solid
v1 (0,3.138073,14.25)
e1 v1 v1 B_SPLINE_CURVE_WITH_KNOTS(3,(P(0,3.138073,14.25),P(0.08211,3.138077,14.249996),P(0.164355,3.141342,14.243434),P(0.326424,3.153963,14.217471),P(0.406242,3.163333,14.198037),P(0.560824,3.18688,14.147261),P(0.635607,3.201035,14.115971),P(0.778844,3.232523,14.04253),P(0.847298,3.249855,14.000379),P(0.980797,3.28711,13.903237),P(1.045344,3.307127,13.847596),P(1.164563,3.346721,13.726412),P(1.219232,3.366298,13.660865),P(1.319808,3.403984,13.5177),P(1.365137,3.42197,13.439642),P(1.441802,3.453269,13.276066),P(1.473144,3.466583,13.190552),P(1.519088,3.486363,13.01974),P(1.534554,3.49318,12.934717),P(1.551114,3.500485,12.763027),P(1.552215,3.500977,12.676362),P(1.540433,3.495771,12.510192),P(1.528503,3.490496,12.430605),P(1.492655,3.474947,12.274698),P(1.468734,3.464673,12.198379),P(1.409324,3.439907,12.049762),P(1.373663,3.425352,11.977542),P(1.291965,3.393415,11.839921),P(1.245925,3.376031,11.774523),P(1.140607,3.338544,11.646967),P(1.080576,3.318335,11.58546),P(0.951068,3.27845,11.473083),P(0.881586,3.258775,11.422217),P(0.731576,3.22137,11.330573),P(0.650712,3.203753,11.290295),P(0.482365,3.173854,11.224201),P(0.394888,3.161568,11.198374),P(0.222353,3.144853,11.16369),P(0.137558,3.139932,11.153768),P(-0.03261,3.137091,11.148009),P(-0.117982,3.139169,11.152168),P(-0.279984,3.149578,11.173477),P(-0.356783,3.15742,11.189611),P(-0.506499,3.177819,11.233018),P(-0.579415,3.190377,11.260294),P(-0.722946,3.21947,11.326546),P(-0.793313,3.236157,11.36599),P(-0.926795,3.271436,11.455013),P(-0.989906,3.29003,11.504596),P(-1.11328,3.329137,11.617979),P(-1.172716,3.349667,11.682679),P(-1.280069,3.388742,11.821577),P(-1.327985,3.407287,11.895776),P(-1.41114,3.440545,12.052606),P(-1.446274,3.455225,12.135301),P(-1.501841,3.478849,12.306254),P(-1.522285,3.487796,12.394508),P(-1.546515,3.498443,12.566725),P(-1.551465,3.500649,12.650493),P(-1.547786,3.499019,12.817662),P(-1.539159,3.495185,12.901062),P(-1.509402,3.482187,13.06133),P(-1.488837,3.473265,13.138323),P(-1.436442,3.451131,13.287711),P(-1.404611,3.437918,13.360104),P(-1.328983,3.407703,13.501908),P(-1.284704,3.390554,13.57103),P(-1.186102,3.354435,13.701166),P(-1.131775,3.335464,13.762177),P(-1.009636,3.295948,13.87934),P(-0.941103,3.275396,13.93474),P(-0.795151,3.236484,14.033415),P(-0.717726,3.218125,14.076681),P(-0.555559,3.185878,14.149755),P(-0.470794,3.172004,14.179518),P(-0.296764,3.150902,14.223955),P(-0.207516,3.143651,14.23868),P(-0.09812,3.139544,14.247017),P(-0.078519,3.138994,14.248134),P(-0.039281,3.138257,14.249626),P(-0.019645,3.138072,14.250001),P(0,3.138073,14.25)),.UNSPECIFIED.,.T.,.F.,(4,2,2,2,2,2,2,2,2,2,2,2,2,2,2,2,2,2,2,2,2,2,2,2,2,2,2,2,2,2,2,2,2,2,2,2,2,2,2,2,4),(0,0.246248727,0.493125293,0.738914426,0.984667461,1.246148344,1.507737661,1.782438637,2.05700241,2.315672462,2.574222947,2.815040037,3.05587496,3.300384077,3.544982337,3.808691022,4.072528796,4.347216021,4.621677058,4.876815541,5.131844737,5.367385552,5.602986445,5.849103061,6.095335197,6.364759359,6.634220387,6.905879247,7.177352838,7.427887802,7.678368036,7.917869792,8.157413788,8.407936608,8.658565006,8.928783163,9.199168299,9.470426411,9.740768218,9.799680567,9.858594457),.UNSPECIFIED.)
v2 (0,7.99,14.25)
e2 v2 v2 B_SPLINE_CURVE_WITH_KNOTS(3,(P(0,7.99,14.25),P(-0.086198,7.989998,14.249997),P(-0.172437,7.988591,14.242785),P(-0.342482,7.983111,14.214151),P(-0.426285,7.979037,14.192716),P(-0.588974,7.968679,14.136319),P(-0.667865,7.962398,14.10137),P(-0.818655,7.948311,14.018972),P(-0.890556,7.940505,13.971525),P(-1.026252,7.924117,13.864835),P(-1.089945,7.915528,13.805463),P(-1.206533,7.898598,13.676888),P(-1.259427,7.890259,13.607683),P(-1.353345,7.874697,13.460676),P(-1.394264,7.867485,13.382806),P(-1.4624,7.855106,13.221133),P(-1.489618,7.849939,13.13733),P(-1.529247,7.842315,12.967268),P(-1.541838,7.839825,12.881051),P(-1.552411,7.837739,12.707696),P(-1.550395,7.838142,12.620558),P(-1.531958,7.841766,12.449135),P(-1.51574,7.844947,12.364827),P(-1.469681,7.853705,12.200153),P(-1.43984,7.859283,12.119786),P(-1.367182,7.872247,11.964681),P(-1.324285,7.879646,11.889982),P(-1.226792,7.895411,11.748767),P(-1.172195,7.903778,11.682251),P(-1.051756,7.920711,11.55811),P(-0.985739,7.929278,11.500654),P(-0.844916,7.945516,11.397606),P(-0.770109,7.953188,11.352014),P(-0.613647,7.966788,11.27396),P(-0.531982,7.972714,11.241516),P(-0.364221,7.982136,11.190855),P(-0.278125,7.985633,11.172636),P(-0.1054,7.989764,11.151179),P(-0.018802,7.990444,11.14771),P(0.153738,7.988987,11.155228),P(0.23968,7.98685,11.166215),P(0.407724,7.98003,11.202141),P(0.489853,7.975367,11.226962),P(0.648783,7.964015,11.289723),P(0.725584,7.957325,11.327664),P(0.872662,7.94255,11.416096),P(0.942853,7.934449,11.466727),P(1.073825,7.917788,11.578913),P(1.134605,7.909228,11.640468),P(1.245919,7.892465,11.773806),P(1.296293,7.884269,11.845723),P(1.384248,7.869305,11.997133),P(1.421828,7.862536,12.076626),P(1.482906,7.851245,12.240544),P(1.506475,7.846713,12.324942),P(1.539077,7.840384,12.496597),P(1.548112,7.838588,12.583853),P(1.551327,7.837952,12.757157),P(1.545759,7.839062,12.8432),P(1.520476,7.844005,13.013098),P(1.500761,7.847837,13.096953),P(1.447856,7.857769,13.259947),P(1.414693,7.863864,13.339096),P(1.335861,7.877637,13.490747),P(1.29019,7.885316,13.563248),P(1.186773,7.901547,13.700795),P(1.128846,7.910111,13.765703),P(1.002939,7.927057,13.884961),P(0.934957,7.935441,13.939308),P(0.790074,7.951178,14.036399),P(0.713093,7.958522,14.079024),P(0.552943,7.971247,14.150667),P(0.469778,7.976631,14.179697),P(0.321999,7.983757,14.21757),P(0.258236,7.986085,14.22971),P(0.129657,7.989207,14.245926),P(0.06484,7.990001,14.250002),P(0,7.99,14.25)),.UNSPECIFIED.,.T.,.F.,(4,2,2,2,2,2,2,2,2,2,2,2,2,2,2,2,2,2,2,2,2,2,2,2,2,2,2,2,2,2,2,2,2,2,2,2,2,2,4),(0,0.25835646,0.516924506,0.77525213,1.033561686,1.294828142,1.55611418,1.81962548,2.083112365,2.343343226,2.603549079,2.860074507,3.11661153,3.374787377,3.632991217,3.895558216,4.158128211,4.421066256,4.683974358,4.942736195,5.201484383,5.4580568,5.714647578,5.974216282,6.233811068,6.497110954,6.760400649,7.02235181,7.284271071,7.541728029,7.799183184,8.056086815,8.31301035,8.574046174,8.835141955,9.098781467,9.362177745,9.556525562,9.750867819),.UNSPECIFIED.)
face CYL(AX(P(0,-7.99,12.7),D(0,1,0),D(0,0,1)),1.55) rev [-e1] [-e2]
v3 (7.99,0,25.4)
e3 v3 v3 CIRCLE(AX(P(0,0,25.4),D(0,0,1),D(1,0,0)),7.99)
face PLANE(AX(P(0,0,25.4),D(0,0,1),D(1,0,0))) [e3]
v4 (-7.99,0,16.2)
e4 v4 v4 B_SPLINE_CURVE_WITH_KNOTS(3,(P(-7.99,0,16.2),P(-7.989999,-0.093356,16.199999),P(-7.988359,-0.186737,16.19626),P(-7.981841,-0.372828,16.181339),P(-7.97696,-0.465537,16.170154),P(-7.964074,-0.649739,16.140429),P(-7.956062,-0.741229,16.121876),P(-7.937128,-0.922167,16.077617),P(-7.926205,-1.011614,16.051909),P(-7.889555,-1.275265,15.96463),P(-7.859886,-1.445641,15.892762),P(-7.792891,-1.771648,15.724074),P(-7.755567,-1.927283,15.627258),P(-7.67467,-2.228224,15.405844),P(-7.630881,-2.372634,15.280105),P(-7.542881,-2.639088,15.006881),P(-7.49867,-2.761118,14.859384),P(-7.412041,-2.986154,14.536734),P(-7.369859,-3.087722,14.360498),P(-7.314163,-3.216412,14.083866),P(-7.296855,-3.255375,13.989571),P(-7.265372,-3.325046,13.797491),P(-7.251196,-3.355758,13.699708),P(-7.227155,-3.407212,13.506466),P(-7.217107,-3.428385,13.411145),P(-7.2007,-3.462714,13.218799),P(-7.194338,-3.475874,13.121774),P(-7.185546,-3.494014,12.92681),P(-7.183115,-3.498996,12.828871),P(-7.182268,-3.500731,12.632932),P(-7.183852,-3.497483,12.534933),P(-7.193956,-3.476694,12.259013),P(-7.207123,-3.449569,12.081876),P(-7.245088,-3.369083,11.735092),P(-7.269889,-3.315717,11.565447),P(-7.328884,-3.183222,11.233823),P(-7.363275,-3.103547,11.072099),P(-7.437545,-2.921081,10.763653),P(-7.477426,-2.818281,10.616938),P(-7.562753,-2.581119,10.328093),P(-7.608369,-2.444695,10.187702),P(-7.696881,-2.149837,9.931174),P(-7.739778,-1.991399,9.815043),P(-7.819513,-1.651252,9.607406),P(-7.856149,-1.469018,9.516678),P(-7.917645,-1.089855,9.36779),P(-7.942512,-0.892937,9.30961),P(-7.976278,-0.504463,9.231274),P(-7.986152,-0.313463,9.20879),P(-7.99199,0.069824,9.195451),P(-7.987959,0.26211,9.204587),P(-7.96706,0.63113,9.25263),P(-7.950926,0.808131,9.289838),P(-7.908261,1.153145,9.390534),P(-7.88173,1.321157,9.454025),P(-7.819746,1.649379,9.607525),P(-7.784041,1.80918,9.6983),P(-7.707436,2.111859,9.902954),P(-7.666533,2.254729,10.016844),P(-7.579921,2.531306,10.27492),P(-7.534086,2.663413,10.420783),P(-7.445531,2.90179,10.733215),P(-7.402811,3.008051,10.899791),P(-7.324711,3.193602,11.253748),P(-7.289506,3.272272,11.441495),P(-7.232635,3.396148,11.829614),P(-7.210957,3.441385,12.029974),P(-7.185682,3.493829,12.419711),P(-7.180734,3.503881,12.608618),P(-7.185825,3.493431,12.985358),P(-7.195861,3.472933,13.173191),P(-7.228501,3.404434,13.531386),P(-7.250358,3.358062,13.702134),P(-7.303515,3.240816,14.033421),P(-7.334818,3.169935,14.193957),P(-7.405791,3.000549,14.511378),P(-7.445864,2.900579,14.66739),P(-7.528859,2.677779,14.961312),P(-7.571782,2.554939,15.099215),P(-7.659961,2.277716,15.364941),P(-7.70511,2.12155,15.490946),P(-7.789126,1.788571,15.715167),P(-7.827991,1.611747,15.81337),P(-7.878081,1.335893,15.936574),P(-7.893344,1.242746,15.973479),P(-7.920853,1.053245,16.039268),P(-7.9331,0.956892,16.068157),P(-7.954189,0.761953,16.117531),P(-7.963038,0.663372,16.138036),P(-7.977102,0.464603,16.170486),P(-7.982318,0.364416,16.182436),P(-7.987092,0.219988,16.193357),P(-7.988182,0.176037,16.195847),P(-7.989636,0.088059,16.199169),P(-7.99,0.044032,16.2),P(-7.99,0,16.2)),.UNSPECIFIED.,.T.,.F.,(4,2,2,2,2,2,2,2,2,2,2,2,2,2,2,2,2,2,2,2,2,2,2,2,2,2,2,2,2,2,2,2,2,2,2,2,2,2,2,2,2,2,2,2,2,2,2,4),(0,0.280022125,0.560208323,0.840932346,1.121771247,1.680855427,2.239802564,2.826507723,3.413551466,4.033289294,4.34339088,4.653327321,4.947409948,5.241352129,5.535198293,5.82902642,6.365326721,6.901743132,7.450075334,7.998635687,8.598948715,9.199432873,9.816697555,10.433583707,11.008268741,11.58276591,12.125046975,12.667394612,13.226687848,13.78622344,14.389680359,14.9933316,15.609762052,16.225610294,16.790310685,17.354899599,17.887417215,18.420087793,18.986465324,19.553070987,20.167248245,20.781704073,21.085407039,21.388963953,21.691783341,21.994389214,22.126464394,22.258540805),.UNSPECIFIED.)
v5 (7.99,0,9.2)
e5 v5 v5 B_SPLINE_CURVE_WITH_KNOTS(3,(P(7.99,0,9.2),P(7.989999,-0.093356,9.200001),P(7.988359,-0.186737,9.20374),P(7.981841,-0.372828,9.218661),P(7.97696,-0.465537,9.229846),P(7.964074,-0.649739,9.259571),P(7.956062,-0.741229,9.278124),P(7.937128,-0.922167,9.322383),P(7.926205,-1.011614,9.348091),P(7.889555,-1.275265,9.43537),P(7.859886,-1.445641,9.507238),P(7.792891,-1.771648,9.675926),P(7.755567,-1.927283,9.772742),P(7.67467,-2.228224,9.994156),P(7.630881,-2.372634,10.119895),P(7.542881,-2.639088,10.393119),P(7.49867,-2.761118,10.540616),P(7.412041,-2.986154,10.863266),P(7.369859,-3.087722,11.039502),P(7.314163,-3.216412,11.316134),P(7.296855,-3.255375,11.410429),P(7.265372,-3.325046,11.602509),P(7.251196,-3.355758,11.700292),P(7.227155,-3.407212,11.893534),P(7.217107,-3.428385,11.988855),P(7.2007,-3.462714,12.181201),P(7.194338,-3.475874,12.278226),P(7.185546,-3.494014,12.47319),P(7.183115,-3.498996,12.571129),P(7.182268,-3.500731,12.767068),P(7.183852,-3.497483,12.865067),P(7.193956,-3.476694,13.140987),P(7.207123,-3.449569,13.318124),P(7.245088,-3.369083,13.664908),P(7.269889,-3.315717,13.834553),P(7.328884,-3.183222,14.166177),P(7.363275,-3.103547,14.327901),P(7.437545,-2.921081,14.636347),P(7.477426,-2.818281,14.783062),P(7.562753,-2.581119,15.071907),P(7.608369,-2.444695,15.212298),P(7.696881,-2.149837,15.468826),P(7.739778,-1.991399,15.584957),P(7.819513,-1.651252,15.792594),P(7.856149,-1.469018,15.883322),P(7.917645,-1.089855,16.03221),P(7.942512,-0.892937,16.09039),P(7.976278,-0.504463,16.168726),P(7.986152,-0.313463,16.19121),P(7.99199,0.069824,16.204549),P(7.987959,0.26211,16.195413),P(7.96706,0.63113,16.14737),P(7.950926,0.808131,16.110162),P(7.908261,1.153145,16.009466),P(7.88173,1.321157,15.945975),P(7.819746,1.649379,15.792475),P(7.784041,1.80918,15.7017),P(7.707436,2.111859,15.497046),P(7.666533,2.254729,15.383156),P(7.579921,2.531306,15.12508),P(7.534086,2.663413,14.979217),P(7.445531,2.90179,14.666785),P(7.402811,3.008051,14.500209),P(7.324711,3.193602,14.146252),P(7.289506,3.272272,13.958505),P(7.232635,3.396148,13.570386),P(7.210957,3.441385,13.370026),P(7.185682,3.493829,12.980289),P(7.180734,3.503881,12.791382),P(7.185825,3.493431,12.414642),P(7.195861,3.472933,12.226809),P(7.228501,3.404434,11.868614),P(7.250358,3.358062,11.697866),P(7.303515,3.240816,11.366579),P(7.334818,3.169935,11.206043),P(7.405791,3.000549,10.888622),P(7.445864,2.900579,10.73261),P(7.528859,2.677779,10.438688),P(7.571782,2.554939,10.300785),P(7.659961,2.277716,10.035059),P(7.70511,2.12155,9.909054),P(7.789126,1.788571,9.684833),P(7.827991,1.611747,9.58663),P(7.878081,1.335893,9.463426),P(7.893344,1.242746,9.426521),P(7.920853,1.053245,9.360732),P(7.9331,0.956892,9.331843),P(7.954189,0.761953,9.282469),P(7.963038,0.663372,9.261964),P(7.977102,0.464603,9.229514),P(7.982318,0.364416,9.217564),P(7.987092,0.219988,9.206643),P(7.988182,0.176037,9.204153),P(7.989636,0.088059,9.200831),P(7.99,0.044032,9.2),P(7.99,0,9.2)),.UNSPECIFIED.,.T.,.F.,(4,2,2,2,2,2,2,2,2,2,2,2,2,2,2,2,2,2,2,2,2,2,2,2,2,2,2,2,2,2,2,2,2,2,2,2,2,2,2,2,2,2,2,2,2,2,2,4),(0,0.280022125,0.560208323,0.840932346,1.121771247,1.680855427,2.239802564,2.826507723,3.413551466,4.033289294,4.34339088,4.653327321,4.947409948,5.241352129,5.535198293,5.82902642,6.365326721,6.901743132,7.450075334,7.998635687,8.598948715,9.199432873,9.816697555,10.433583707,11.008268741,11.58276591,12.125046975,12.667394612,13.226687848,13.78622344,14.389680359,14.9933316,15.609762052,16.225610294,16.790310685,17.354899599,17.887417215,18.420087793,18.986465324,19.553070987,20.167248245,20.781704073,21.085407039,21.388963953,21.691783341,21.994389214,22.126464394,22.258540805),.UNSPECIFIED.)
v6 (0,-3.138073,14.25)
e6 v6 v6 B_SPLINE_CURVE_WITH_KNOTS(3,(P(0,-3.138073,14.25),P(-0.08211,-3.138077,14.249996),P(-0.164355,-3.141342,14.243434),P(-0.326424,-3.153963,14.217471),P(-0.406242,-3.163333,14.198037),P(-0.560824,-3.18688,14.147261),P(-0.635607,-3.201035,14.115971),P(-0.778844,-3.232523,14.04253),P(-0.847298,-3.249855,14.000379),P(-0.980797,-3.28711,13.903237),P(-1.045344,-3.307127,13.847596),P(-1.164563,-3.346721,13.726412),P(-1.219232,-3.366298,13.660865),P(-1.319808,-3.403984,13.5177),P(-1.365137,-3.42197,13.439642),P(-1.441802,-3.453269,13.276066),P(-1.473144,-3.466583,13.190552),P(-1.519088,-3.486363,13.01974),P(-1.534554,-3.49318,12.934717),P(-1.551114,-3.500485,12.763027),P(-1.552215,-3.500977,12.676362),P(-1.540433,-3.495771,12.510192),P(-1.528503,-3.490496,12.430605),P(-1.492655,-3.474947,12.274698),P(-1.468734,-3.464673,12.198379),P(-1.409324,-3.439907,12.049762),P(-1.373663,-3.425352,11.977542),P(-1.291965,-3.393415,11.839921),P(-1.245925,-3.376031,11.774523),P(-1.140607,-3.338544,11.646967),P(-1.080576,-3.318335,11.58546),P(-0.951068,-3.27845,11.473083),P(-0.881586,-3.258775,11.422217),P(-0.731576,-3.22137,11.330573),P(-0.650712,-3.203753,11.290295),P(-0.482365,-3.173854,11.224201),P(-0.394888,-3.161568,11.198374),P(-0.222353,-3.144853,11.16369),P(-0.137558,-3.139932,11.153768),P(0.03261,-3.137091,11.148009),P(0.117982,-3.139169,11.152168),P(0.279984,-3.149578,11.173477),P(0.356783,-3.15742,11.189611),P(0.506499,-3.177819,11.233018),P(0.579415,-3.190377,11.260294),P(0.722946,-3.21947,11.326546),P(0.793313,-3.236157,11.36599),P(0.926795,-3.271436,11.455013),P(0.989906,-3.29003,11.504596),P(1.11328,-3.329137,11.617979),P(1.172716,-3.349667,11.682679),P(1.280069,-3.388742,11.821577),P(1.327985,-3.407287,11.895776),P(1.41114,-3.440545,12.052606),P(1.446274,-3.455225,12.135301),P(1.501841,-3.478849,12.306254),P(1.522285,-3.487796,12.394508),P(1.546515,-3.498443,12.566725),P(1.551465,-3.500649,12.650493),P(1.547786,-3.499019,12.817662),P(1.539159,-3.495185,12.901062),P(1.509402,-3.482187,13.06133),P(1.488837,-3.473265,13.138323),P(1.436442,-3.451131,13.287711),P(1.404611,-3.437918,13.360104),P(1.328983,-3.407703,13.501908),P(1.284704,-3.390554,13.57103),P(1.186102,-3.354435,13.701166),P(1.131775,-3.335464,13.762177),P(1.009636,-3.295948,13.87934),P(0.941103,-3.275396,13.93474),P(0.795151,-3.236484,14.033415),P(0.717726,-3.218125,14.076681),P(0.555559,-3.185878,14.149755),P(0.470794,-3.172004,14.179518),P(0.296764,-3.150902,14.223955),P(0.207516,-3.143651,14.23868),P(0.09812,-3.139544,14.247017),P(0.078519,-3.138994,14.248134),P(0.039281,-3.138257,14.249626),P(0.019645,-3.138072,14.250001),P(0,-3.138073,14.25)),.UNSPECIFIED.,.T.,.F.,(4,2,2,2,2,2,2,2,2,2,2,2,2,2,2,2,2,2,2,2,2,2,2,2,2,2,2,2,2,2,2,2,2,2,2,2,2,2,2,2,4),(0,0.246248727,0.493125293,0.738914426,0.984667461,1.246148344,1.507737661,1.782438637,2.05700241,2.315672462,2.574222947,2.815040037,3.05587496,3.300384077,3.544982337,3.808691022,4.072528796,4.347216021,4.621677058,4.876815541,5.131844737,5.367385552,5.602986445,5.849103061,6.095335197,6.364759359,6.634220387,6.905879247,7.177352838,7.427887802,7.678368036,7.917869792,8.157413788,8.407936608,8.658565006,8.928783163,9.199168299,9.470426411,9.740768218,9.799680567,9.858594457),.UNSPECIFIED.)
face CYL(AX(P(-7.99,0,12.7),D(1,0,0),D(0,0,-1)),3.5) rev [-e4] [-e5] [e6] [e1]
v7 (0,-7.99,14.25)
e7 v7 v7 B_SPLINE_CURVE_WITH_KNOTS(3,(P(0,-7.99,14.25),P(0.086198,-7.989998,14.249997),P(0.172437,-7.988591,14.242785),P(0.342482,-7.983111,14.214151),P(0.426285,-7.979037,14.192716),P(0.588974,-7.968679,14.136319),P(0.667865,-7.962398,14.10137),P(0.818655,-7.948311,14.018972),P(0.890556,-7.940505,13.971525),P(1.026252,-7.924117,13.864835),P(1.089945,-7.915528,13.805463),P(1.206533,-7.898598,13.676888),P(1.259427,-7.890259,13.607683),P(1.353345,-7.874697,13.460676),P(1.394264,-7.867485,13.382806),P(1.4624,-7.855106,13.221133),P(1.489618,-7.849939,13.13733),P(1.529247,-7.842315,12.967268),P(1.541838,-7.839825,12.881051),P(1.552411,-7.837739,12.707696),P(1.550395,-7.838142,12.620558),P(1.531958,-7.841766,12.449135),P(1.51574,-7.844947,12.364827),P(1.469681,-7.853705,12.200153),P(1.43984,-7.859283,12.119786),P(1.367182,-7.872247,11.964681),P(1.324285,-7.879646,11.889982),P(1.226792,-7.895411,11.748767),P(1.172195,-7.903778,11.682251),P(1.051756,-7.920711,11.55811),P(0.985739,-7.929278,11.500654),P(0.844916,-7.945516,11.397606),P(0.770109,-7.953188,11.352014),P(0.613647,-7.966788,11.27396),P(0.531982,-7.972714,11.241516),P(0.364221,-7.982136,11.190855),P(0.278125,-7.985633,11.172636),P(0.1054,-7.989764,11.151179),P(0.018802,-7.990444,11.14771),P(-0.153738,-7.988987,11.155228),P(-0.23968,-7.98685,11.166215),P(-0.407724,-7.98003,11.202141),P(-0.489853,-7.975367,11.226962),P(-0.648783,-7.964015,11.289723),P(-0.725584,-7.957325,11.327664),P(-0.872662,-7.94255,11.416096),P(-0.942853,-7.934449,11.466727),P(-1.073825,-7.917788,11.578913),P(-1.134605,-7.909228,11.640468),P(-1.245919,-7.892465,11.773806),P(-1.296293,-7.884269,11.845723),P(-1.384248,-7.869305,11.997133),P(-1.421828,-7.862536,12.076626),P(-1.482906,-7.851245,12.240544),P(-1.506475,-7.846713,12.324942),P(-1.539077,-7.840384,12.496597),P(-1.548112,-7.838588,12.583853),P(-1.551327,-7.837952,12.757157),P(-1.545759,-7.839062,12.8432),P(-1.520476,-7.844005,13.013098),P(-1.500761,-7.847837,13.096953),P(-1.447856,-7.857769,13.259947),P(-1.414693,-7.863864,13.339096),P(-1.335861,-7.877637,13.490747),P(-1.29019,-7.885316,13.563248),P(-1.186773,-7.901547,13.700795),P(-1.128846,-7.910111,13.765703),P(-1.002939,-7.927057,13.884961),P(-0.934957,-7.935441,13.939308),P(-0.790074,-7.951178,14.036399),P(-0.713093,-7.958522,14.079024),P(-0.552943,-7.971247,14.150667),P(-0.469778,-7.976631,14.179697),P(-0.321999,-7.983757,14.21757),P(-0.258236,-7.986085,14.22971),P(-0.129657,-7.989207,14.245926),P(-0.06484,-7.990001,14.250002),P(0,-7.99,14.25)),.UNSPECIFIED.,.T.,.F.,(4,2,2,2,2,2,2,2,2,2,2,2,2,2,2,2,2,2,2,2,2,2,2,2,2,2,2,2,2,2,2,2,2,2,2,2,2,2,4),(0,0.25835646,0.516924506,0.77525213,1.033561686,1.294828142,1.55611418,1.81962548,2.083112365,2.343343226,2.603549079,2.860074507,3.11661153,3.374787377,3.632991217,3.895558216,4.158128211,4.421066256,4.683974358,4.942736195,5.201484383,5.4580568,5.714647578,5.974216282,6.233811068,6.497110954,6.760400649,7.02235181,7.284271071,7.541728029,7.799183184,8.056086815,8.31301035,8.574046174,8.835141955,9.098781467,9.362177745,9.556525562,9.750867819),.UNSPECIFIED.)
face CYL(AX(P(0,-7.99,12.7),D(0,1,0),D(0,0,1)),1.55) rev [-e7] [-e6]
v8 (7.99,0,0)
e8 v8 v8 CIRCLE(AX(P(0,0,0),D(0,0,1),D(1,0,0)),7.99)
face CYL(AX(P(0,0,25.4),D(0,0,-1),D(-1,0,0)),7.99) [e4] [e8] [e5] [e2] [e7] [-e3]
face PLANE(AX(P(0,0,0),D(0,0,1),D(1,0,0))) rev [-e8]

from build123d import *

# Parameters (mm, degrees)
SKETCH1_R               = 7.99
EXTRUDE1_DEPTH          = 25.4
SKETCH2_R               = 3.5
CUT_EXTRUDE2_DEPTH      = 8.99
CUT_EXTRUDE2_DEPTH_BACK = 8.99
SKETCH3_R               = 1.55
CUT_EXTRUDE3_DEPTH      = 8.9900001
CUT_EXTRUDE3_DEPTH_BACK = 8.9900001


with BuildPart() as part:
    # Sketch1 → Extrude1 (new body)
    with BuildSketch(Plane.XY):
        Circle(SKETCH1_R)
    extrude(amount=EXTRUDE1_DEPTH)

    # Sketch2 → Cut-Extrude2 (cut, two sides)
    with BuildSketch(Plane(origin=(0, 0, 0), x_dir=(0, 0, -1), z_dir=(1, 0, 0))) as cut_extrude2_sk:
        with Locations((-12.7, 0)):
            Circle(SKETCH2_R)
    extrude(amount=CUT_EXTRUDE2_DEPTH, mode=Mode.SUBTRACT)
    extrude(cut_extrude2_sk.sketch, amount=-CUT_EXTRUDE2_DEPTH_BACK, mode=Mode.SUBTRACT)

    # Sketch3 → Cut-Extrude3 (cut, two sides)
    with BuildSketch(Plane(origin=(0, 0, 0), x_dir=(1, 0, 0), z_dir=(0, 1, 0))) as cut_extrude3_sk:
        with Locations((0, -12.7)):
            Circle(SKETCH3_R)
    extrude(amount=CUT_EXTRUDE3_DEPTH, mode=Mode.SUBTRACT)
    extrude(cut_extrude3_sk.sketch, amount=-CUT_EXTRUDE3_DEPTH_BACK, mode=Mode.SUBTRACT)


solid = part.part
